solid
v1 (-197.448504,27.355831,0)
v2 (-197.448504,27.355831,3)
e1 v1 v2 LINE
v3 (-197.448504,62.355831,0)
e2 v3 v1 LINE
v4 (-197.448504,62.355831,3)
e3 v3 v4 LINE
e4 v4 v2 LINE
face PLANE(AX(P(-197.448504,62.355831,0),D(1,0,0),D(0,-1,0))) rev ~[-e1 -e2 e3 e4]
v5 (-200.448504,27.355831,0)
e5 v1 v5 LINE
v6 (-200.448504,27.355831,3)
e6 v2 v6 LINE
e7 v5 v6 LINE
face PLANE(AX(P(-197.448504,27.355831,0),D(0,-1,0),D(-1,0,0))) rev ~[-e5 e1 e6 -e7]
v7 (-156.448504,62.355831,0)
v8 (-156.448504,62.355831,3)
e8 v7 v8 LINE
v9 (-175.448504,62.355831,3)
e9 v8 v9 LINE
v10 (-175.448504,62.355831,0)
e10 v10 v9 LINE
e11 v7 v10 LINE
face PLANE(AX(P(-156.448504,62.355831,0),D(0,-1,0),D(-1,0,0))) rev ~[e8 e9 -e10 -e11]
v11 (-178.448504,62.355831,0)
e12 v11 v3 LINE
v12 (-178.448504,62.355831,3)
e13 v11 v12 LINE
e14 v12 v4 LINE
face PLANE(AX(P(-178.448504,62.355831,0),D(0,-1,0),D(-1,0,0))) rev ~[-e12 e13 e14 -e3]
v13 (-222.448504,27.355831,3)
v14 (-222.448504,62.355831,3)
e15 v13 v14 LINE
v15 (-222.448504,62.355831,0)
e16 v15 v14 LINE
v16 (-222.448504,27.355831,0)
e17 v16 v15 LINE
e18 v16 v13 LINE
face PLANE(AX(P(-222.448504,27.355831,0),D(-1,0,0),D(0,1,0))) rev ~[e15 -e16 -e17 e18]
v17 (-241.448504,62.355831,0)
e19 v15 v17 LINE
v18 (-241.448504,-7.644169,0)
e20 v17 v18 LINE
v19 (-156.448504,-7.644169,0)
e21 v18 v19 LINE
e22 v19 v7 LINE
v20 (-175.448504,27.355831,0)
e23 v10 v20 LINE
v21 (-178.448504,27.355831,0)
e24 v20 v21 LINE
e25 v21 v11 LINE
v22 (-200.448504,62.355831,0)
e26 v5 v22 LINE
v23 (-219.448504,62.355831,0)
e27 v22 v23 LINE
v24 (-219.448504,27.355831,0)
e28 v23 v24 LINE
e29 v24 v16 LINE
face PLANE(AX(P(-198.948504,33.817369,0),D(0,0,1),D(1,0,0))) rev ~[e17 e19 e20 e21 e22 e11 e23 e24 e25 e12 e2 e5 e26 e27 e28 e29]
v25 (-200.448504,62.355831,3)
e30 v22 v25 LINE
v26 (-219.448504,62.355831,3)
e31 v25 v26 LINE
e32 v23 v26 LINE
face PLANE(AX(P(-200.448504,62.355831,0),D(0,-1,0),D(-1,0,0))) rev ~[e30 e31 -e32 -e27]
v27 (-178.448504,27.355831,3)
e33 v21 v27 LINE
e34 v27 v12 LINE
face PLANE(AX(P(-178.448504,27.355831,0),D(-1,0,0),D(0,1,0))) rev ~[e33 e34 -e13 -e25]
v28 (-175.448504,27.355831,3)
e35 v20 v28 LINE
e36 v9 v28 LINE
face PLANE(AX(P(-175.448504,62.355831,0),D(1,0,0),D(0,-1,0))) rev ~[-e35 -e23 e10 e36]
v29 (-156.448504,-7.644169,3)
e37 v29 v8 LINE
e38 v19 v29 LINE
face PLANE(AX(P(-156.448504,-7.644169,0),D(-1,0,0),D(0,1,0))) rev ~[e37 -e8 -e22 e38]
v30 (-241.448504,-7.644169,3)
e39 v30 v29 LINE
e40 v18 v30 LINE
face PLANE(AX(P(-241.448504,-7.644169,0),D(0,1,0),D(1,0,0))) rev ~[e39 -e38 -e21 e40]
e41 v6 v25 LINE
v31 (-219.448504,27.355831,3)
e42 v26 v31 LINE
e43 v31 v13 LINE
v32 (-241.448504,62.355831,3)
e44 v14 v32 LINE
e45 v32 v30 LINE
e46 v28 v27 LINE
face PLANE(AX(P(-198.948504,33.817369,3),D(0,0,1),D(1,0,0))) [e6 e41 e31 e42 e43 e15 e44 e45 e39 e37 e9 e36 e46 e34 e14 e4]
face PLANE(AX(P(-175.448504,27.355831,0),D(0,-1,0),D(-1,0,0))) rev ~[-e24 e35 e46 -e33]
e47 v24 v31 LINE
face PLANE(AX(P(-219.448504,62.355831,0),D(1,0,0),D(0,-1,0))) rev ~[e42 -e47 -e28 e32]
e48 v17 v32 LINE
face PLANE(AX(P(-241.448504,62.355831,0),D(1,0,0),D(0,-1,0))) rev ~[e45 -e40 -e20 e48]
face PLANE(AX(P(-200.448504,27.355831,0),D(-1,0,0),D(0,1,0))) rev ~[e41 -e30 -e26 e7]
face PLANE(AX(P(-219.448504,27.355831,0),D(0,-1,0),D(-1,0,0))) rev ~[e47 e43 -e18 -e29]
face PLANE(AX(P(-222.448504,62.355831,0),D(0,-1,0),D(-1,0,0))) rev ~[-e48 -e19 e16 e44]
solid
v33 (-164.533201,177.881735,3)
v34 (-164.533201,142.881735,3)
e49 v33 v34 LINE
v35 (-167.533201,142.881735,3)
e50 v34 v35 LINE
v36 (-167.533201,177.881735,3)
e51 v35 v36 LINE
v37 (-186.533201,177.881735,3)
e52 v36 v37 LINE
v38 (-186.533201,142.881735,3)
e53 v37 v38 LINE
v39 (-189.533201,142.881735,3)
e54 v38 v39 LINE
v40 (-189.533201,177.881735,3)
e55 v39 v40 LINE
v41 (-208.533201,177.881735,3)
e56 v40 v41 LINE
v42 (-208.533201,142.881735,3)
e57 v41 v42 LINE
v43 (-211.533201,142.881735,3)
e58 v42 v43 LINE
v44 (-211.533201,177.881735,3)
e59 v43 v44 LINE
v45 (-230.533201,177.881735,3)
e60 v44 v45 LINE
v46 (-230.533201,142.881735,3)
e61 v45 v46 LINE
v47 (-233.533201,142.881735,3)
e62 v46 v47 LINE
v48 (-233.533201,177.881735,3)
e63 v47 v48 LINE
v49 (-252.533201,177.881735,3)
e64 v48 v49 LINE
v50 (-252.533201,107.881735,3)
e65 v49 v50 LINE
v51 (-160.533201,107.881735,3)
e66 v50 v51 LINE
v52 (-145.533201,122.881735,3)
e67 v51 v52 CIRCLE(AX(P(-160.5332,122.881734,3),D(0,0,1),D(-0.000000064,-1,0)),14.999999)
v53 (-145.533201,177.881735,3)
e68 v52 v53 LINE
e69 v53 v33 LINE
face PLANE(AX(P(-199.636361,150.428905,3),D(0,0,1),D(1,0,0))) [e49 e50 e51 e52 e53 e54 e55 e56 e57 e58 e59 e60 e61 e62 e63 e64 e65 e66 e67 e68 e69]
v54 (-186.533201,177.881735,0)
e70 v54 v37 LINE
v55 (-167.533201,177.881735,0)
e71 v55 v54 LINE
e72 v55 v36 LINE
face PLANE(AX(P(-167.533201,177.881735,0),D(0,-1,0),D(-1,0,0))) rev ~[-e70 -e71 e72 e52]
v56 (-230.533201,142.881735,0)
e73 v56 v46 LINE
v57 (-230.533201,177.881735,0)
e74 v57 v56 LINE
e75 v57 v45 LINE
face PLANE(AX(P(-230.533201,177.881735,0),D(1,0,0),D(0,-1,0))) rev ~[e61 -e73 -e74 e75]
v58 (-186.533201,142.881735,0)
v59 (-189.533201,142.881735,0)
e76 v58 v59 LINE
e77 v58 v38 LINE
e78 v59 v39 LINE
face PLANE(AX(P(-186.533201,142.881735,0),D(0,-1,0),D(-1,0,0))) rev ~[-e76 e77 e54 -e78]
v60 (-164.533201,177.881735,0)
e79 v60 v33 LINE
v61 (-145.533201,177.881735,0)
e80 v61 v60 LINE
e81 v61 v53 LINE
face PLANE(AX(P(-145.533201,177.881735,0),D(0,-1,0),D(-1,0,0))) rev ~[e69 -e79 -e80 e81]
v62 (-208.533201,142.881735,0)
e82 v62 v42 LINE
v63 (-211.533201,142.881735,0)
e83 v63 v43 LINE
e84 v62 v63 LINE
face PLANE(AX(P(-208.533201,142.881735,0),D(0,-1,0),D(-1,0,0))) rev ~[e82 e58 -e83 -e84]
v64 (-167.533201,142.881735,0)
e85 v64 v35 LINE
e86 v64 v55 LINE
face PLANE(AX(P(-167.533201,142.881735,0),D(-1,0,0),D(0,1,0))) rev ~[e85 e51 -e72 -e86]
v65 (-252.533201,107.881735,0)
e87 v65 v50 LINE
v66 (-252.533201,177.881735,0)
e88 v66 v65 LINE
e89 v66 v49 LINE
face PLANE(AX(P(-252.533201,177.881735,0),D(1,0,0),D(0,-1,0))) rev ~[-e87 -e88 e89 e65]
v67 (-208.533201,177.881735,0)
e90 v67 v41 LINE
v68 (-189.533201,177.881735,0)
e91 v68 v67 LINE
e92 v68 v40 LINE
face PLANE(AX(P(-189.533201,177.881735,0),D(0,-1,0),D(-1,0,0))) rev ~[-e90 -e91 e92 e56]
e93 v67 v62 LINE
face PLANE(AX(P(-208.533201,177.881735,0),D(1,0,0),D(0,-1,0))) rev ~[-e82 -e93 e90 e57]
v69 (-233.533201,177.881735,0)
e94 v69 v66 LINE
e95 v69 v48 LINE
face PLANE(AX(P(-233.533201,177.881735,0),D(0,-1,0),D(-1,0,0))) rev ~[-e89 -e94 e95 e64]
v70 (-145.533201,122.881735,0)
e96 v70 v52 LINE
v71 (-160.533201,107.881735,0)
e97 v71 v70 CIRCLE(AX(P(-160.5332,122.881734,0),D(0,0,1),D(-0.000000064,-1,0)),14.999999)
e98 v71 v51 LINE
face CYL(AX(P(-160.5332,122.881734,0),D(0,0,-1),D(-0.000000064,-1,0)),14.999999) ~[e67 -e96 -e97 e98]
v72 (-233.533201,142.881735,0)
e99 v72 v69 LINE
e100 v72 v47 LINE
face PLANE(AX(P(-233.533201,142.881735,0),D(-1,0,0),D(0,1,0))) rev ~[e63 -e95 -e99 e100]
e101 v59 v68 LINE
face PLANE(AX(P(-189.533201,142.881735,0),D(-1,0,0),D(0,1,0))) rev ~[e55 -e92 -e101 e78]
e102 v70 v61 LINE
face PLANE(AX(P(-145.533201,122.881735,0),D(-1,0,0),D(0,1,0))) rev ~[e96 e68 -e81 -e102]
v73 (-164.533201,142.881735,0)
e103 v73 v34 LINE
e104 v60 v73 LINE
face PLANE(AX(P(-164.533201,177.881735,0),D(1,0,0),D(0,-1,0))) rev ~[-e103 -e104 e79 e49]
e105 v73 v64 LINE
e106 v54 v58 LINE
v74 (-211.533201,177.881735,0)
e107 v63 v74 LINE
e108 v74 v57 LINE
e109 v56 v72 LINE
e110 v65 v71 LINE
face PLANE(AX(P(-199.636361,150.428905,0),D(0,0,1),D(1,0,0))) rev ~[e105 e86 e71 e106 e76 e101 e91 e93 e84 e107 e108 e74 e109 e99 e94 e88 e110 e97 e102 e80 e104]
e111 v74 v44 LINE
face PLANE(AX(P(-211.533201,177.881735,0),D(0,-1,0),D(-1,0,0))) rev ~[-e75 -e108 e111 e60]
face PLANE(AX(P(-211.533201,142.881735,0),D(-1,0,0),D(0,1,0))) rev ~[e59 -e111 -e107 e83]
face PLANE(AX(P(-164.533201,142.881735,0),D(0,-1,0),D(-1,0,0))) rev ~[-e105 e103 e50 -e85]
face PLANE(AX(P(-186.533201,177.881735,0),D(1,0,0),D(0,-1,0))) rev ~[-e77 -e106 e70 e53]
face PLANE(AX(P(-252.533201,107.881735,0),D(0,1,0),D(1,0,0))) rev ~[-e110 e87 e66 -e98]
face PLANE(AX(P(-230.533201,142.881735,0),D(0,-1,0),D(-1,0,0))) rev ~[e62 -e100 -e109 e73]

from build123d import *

# Parameters (mm, degrees)
F1_DEPTH = 3


with BuildPart() as f1:
    # F0 (on Top) → F1 (new body)
    with BuildSketch(Plane.XY):
        with BuildLine():
            Line((-233.533201, 177.881735), (-252.533201, 177.881735))
            Line((-252.533201, 177.881735), (-252.533201, 107.881735))
            Line((-252.533201, 107.881735), (-160.533201, 107.881735))
            ThreePointArc((-160.533201, 107.881735), (-149.926599, 112.275133), (-145.533201, 122.881735))
            Line((-145.533201, 122.881735), (-145.533201, 177.881735))
            Line((-145.533201, 177.881735), (-164.533201, 177.881735))
            Line((-164.533201, 177.881735), (-164.533201, 142.881735))
            Line((-164.533201, 142.881735), (-167.533201, 142.881735))
            Line((-167.533201, 142.881735), (-167.533201, 177.881735))
            Line((-167.533201, 177.881735), (-186.533201, 177.881735))
            Line((-186.533201, 177.881735), (-186.533201, 142.881735))
            Line((-186.533201, 142.881735), (-189.533201, 142.881735))
            Line((-189.533201, 142.881735), (-189.533201, 177.881735))
            Line((-189.533201, 177.881735), (-208.533201, 177.881735))
            Line((-208.533201, 177.881735), (-208.533201, 142.881735))
            Line((-208.533201, 142.881735), (-211.533201, 142.881735))
            Line((-211.533201, 142.881735), (-211.533201, 177.881735))
            Line((-211.533201, 177.881735), (-230.533201, 177.881735))
            Line((-230.533201, 177.881735), (-230.533201, 142.881735))
            Line((-230.533201, 142.881735), (-233.533201, 142.881735))
            Line((-233.533201, 142.881735), (-233.533201, 177.881735))
        make_face()
        Polygon((-222.448504, 62.355831), (-241.448504, 62.355831), (-241.448504, -7.644169), (-156.448504, -7.644169), (-156.448504, 62.355831), (-175.448504, 62.355831), (-175.448504, 27.355831), (-178.448504, 27.355831), (-178.448504, 62.355831), (-197.448504, 62.355831), (-197.448504, 27.355831), (-200.448504, 27.355831), (-200.448504, 62.355831), (-219.448504, 62.355831), (-219.448504, 27.355831), (-222.448504, 27.355831), align=None)
    extrude(amount=F1_DEPTH)


solid = f1.part
